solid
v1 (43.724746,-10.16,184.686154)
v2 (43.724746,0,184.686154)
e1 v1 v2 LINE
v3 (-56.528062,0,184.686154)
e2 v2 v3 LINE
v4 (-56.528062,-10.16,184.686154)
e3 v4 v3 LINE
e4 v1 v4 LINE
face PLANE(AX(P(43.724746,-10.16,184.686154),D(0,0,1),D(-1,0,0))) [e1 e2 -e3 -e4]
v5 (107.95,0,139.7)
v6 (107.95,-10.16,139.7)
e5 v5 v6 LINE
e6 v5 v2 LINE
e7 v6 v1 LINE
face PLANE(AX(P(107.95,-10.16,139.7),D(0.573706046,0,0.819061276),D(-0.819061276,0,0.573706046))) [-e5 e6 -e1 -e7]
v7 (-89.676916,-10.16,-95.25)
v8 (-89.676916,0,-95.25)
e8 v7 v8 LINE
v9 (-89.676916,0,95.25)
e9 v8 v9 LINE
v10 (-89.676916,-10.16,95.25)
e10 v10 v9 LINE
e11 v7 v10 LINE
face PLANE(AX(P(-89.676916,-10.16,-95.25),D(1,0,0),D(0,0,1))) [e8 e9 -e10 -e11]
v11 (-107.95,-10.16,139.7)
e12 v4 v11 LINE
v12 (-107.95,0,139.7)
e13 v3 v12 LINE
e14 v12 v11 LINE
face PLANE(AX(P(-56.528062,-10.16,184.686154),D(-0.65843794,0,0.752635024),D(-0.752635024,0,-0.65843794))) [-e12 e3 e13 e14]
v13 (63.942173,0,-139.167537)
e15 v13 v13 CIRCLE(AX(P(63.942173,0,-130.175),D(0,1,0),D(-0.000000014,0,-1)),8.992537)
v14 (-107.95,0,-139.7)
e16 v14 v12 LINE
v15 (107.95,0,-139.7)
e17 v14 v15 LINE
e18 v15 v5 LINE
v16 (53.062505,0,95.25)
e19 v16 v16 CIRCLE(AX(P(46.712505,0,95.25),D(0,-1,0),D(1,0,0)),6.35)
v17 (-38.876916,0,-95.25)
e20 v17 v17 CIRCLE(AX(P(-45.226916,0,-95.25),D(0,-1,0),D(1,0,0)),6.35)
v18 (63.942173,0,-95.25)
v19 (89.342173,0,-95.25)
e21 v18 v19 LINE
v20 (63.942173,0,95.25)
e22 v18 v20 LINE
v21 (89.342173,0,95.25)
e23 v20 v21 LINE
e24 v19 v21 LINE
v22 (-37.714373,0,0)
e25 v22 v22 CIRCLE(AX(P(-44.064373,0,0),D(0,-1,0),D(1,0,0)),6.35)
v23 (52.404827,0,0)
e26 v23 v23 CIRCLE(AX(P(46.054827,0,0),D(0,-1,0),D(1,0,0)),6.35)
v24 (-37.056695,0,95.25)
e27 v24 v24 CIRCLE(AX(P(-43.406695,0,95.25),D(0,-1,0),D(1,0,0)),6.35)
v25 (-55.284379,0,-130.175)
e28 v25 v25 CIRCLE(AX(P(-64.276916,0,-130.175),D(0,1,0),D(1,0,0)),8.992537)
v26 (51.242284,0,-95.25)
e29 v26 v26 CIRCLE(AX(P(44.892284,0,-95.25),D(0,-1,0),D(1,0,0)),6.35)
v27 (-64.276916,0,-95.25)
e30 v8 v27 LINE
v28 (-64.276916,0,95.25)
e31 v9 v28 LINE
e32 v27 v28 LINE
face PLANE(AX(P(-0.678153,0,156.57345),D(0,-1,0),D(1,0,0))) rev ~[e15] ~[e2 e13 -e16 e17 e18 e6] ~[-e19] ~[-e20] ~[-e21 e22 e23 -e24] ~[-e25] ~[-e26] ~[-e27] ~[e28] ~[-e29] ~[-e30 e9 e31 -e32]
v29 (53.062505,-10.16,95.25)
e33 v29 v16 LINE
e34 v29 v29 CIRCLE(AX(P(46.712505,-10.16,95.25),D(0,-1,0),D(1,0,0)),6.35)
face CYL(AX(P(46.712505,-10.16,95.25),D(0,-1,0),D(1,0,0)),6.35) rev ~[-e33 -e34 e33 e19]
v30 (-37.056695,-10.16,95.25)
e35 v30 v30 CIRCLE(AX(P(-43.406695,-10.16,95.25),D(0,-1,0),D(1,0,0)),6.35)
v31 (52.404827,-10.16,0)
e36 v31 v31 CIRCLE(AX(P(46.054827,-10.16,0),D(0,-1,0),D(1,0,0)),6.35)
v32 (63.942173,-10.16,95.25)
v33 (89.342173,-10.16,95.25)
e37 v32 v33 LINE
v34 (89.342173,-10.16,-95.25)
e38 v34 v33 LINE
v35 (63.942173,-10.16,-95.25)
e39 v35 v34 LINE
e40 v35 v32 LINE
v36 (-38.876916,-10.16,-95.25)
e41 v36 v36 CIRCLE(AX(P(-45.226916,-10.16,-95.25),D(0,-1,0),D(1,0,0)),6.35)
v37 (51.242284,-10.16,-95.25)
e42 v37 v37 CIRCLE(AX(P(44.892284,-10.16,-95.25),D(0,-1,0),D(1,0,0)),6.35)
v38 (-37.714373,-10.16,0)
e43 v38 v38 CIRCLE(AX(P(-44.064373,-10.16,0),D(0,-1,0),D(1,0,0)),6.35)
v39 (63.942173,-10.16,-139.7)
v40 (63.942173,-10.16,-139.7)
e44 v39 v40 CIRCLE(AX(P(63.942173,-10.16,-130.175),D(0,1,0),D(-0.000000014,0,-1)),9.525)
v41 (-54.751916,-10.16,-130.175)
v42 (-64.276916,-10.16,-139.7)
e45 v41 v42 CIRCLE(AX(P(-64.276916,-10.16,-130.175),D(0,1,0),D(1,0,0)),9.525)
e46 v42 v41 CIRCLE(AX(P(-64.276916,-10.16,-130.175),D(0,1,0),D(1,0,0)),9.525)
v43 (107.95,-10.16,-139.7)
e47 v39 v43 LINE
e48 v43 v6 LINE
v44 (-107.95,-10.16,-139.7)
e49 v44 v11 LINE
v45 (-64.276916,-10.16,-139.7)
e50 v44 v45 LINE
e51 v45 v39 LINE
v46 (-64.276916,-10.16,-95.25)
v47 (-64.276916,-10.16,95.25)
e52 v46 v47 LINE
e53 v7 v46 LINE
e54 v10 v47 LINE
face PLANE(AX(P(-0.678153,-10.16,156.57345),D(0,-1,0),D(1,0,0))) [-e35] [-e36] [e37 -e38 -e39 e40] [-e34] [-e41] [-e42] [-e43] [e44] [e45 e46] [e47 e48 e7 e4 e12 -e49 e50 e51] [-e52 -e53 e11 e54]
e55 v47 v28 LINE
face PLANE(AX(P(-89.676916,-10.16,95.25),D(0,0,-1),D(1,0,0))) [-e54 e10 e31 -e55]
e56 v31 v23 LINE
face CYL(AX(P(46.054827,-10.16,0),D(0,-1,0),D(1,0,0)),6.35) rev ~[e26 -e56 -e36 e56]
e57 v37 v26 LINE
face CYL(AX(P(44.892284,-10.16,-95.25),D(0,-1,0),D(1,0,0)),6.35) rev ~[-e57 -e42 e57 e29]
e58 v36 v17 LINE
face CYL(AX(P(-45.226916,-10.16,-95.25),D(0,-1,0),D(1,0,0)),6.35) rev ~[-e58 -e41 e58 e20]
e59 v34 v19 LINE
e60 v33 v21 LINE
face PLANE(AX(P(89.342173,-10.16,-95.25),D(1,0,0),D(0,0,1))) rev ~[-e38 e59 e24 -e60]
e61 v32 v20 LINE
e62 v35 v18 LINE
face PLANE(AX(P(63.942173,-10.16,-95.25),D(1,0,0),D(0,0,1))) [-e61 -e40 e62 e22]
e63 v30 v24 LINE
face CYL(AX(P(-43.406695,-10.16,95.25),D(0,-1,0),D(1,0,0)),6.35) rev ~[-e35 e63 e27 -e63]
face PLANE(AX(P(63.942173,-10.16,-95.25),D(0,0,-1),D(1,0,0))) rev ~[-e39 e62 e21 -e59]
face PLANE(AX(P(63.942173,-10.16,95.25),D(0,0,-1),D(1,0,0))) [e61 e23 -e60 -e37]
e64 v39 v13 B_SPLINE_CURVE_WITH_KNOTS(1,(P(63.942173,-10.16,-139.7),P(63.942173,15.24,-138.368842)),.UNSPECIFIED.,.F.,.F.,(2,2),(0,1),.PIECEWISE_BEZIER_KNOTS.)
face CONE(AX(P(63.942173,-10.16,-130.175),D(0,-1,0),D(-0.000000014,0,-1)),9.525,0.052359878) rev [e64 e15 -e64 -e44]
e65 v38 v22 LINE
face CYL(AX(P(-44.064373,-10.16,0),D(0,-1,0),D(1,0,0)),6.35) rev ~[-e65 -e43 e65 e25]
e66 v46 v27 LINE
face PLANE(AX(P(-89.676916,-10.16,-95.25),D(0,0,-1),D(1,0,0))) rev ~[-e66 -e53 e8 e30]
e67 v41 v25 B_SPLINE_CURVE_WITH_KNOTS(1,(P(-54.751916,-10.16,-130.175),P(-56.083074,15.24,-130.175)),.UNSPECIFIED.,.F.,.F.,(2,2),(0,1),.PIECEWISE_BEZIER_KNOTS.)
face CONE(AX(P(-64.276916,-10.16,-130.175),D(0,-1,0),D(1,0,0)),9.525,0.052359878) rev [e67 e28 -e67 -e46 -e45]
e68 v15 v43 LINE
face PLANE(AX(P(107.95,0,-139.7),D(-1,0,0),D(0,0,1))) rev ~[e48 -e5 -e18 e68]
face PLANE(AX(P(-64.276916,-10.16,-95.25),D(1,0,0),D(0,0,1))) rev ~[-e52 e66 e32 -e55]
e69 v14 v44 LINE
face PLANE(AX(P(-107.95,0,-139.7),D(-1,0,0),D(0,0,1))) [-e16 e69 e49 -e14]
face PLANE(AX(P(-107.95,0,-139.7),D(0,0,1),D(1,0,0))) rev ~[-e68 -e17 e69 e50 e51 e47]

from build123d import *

# Parameters (mm, degrees)
F0_W     = 215.9
F0_H     = 279.4
F1_DEPTH = 10.16
F3_DEPTH = 10.16
F4_W     = 25.4
F4_H     = 190.5
F5_DEPTH = 25.4
F6_R     = 6.35
F7_DEPTH = 25.4
F9_DEPTH = 25.4
F9_TAPER = 3


with BuildPart() as f1:
    # F0 (on Front) → F1 (new body)
    with BuildSketch(Plane.XZ):
        Rectangle(F0_W, F0_H)
    extrude(amount=F1_DEPTH)

    # F2 (on face) → F3 (join)
    with BuildSketch(Plane.XZ.offset(10.16)):
        Polygon((-56.5280616283, 184.6861541271), (-107.95, 139.7), (107.95, 139.7), (43.724745512, 184.6861541271), align=None)
    extrude(amount=-F3_DEPTH)

    # F4 (on face) → F5 (cut)
    with BuildSketch(Plane.XZ.offset(10.16)):
        with Locations((-76.9769162781, 0)):
            Rectangle(F4_W, F4_H)
        with Locations((76.6421729739, 0)):
            Rectangle(F4_W, F4_H)
    extrude(amount=-F5_DEPTH, mode=Mode.SUBTRACT)

    # F6 (on face) → F7 (cut)
    with BuildSketch(Plane.XZ.offset(10.16)):
        with Locations((-43.4066951275, 95.25)):
            Circle(F6_R)
        with Locations((-44.0643727779, 0)):
            Circle(F6_R)
        with Locations((-45.2269162781, -95.25)):
            Circle(F6_R)
        with Locations((46.7125048725, 95.25)):
            Circle(F6_R)
        with Locations((46.0548272221, 0)):
            Circle(F6_R)
        with Locations((44.8922837219, -95.25)):
            Circle(F6_R)
    extrude(amount=-F7_DEPTH, mode=Mode.SUBTRACT)

    # F8 (on face) → F9 (cut)
    with BuildSketch(Plane.XZ.offset(10.16)):
        with BuildLine():
            ThreePointArc((-64.2769162781, -139.7), (-57.5417241873, -136.9101920908), (-54.7519162781, -130.175))
            ThreePointArc((-54.7519162781, -130.175), (-71.0121083689, -123.4398079092), (-64.2769162781, -139.7))
        make_face()
        with BuildLine():
            ThreePointArc((73.4671729739, -130.175), (57.2069809313, -123.439807861), (63.9421728375, -139.7))
            ThreePointArc((63.9421728375, -139.7), (70.6773650165, -136.910192139), (73.4671729739, -130.175))
        make_face()
    extrude(amount=-F9_DEPTH, taper=F9_TAPER, mode=Mode.SUBTRACT)


solid = f1.part
